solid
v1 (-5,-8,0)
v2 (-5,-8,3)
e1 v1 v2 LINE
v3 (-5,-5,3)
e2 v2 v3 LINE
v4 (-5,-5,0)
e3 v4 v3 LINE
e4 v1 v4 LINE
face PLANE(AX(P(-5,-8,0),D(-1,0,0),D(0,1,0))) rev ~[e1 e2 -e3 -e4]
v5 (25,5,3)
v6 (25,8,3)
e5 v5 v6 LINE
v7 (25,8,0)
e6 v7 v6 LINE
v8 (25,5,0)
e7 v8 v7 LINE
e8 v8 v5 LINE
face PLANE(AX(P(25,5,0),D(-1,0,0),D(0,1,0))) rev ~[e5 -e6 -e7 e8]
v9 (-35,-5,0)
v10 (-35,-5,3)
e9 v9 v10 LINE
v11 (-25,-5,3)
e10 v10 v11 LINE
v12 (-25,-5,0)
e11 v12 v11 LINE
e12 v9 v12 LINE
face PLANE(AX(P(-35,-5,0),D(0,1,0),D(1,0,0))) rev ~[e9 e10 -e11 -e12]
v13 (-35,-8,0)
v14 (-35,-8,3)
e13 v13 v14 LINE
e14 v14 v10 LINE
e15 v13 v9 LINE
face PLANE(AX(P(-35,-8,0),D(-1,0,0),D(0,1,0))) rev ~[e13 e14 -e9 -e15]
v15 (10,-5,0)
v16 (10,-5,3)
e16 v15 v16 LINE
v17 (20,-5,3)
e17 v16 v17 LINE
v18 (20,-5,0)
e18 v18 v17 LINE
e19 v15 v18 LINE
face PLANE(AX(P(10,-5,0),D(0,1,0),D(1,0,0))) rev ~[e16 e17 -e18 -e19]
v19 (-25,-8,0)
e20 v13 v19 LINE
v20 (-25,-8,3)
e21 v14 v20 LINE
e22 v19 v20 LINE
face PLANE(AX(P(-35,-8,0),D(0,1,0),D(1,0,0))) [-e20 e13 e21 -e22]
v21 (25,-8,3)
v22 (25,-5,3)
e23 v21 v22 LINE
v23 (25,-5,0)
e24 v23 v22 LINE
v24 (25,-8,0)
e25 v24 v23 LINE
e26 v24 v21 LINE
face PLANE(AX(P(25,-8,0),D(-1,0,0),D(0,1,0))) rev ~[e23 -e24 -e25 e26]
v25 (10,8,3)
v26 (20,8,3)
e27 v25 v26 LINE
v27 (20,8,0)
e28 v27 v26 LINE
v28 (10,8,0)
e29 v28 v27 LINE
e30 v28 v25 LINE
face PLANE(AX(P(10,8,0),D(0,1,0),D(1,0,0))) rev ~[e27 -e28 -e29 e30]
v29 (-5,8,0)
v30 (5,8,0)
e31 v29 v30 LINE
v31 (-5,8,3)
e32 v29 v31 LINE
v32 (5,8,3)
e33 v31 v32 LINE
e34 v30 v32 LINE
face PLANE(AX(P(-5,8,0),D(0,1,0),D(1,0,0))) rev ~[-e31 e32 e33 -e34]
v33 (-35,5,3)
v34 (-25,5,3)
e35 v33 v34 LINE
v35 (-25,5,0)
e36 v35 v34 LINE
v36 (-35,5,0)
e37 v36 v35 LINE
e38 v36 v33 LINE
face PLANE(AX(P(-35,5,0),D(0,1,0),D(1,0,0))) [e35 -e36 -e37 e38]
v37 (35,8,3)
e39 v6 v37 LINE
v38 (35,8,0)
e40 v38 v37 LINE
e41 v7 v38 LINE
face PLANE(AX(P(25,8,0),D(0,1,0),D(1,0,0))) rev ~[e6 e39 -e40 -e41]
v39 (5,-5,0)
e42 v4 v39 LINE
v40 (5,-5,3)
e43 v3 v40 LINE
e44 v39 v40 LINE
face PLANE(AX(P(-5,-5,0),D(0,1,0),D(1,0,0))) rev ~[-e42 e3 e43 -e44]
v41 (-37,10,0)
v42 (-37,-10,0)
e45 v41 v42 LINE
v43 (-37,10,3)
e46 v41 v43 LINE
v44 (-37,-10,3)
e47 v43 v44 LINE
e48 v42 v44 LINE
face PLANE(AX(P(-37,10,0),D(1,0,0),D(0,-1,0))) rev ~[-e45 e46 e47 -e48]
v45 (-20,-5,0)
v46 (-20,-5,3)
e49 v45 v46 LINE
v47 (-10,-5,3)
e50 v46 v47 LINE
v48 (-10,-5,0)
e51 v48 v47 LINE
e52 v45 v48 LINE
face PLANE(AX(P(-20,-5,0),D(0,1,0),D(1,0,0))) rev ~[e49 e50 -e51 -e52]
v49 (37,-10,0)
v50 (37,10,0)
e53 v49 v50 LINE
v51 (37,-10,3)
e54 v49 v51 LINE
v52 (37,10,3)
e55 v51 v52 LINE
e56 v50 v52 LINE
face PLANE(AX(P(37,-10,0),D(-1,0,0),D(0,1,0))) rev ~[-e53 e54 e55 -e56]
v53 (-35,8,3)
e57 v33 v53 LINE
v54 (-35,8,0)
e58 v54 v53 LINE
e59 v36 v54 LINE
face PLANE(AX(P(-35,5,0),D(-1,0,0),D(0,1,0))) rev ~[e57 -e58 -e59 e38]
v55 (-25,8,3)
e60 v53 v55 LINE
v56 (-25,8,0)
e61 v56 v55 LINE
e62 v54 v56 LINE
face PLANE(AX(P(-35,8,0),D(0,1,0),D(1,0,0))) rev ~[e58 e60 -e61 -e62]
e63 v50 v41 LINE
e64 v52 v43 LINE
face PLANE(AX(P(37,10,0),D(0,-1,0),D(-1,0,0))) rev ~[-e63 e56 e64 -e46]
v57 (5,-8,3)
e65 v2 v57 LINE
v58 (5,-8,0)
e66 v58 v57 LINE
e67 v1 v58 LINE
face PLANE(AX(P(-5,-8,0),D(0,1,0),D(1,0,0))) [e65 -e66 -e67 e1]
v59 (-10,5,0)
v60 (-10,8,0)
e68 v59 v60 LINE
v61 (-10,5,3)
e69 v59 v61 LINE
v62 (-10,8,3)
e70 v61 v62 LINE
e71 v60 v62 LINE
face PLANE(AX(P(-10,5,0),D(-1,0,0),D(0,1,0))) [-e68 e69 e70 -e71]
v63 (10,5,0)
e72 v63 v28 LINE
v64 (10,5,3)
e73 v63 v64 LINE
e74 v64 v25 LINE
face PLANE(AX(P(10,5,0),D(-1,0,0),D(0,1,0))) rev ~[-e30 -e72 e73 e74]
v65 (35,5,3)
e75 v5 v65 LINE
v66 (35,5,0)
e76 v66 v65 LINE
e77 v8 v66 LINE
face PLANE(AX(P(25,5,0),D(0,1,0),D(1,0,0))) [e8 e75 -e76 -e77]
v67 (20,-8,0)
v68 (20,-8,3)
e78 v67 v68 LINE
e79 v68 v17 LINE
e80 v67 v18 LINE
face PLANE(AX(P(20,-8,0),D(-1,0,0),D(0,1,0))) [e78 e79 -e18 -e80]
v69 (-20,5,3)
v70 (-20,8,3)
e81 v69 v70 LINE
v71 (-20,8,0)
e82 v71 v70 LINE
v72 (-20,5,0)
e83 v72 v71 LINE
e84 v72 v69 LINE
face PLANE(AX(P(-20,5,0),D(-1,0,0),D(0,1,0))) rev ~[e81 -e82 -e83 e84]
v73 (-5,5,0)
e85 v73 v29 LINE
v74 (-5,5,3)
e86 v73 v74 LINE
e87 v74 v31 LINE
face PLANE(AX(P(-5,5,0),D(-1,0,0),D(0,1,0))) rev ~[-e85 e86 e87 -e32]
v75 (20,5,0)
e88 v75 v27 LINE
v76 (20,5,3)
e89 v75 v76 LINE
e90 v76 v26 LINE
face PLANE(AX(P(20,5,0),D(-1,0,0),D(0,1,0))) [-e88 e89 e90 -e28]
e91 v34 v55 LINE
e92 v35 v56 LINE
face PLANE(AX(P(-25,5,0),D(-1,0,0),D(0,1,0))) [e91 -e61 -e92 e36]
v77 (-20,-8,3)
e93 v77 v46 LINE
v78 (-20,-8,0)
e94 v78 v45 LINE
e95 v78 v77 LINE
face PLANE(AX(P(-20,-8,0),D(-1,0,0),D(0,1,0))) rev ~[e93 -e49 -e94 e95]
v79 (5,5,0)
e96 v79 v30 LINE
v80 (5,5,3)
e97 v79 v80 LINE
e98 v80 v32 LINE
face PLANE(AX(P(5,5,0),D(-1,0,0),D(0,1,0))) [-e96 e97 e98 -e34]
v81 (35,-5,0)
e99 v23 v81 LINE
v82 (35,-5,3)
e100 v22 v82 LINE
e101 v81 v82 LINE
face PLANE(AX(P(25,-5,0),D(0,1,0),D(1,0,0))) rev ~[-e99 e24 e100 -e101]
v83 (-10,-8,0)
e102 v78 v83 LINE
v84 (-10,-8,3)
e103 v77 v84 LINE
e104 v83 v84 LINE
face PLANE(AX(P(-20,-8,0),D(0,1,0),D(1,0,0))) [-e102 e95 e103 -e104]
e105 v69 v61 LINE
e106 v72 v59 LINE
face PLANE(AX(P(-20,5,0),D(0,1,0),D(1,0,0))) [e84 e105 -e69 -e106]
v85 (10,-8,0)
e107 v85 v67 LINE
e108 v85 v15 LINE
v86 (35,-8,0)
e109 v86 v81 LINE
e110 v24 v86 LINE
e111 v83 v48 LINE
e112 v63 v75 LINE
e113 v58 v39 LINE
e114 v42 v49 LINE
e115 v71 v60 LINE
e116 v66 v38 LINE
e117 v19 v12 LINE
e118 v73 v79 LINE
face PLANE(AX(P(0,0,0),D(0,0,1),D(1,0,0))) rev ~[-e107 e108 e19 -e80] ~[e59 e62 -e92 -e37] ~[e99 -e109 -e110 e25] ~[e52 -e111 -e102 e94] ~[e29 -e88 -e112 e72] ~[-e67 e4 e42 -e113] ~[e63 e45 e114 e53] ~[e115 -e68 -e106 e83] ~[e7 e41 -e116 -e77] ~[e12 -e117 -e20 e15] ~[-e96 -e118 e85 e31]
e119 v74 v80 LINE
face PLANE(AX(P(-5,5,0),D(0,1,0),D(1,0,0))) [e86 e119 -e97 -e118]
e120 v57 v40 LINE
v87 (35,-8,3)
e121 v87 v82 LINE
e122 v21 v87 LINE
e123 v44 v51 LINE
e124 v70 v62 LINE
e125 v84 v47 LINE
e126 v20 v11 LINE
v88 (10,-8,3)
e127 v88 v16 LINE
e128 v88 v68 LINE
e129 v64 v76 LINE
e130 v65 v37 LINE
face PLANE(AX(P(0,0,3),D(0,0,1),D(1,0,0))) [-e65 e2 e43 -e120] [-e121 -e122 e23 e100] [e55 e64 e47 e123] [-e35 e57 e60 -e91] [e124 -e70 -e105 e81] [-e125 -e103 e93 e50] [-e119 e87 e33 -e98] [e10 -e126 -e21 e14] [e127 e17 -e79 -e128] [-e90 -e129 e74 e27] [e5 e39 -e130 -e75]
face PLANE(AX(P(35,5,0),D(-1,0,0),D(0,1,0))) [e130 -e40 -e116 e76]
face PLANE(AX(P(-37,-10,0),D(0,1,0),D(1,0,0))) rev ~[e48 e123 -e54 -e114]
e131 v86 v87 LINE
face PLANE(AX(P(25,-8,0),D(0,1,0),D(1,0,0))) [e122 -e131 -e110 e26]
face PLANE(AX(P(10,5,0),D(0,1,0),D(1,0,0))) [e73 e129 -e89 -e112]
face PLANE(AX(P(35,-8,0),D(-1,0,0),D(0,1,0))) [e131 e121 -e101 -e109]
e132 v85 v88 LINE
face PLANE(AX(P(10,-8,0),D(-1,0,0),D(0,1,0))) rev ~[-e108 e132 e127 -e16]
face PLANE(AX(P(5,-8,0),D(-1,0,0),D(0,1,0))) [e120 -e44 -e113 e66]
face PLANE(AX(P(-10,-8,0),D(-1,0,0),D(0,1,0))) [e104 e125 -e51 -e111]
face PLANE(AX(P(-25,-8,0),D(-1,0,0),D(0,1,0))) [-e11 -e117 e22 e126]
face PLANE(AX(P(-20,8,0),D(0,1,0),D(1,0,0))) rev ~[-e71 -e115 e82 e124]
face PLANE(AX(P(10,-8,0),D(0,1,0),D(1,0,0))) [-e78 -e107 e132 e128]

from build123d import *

# Parameters (mm, degrees)
SKETCH_1_W      = 10
SKETCH_1_H      = 3
EXTRUDE_3_DEPTH = 3


with BuildPart() as part:
    # 草图1 → 凸台-拉伸3 (new body)
    with BuildSketch(Plane.XY):
        Polygon((-37, 5), (-37, -5), (-37, -10), (37, -10), (37, -5), (37, 5), (37, 10), (-37, 10), align=None)
        with Locations((-15, 6.5)):
            Rectangle(SKETCH_1_W, SKETCH_1_H, mode=Mode.SUBTRACT)
        with Locations((-30, 6.5)):
            Rectangle(SKETCH_1_W, SKETCH_1_H, mode=Mode.SUBTRACT)
        with Locations((0, 6.5)):
            Rectangle(SKETCH_1_W, SKETCH_1_H, mode=Mode.SUBTRACT)
        with Locations((15, 6.5)):
            Rectangle(SKETCH_1_W, SKETCH_1_H, mode=Mode.SUBTRACT)
        with Locations((30, 6.5)):
            Rectangle(SKETCH_1_W, SKETCH_1_H, mode=Mode.SUBTRACT)
        with Locations((30, -6.5)):
            Rectangle(SKETCH_1_W, SKETCH_1_H, mode=Mode.SUBTRACT)
        with Locations((15, -6.5)):
            Rectangle(SKETCH_1_W, SKETCH_1_H, mode=Mode.SUBTRACT)
        with Locations((0, -6.5)):
            Rectangle(SKETCH_1_W, SKETCH_1_H, mode=Mode.SUBTRACT)
        with Locations((-15, -6.5)):
            Rectangle(SKETCH_1_W, SKETCH_1_H, mode=Mode.SUBTRACT)
        with Locations((-30, -6.5)):
            Rectangle(SKETCH_1_W, SKETCH_1_H, mode=Mode.SUBTRACT)
    extrude(amount=EXTRUDE_3_DEPTH)


solid = part.part
